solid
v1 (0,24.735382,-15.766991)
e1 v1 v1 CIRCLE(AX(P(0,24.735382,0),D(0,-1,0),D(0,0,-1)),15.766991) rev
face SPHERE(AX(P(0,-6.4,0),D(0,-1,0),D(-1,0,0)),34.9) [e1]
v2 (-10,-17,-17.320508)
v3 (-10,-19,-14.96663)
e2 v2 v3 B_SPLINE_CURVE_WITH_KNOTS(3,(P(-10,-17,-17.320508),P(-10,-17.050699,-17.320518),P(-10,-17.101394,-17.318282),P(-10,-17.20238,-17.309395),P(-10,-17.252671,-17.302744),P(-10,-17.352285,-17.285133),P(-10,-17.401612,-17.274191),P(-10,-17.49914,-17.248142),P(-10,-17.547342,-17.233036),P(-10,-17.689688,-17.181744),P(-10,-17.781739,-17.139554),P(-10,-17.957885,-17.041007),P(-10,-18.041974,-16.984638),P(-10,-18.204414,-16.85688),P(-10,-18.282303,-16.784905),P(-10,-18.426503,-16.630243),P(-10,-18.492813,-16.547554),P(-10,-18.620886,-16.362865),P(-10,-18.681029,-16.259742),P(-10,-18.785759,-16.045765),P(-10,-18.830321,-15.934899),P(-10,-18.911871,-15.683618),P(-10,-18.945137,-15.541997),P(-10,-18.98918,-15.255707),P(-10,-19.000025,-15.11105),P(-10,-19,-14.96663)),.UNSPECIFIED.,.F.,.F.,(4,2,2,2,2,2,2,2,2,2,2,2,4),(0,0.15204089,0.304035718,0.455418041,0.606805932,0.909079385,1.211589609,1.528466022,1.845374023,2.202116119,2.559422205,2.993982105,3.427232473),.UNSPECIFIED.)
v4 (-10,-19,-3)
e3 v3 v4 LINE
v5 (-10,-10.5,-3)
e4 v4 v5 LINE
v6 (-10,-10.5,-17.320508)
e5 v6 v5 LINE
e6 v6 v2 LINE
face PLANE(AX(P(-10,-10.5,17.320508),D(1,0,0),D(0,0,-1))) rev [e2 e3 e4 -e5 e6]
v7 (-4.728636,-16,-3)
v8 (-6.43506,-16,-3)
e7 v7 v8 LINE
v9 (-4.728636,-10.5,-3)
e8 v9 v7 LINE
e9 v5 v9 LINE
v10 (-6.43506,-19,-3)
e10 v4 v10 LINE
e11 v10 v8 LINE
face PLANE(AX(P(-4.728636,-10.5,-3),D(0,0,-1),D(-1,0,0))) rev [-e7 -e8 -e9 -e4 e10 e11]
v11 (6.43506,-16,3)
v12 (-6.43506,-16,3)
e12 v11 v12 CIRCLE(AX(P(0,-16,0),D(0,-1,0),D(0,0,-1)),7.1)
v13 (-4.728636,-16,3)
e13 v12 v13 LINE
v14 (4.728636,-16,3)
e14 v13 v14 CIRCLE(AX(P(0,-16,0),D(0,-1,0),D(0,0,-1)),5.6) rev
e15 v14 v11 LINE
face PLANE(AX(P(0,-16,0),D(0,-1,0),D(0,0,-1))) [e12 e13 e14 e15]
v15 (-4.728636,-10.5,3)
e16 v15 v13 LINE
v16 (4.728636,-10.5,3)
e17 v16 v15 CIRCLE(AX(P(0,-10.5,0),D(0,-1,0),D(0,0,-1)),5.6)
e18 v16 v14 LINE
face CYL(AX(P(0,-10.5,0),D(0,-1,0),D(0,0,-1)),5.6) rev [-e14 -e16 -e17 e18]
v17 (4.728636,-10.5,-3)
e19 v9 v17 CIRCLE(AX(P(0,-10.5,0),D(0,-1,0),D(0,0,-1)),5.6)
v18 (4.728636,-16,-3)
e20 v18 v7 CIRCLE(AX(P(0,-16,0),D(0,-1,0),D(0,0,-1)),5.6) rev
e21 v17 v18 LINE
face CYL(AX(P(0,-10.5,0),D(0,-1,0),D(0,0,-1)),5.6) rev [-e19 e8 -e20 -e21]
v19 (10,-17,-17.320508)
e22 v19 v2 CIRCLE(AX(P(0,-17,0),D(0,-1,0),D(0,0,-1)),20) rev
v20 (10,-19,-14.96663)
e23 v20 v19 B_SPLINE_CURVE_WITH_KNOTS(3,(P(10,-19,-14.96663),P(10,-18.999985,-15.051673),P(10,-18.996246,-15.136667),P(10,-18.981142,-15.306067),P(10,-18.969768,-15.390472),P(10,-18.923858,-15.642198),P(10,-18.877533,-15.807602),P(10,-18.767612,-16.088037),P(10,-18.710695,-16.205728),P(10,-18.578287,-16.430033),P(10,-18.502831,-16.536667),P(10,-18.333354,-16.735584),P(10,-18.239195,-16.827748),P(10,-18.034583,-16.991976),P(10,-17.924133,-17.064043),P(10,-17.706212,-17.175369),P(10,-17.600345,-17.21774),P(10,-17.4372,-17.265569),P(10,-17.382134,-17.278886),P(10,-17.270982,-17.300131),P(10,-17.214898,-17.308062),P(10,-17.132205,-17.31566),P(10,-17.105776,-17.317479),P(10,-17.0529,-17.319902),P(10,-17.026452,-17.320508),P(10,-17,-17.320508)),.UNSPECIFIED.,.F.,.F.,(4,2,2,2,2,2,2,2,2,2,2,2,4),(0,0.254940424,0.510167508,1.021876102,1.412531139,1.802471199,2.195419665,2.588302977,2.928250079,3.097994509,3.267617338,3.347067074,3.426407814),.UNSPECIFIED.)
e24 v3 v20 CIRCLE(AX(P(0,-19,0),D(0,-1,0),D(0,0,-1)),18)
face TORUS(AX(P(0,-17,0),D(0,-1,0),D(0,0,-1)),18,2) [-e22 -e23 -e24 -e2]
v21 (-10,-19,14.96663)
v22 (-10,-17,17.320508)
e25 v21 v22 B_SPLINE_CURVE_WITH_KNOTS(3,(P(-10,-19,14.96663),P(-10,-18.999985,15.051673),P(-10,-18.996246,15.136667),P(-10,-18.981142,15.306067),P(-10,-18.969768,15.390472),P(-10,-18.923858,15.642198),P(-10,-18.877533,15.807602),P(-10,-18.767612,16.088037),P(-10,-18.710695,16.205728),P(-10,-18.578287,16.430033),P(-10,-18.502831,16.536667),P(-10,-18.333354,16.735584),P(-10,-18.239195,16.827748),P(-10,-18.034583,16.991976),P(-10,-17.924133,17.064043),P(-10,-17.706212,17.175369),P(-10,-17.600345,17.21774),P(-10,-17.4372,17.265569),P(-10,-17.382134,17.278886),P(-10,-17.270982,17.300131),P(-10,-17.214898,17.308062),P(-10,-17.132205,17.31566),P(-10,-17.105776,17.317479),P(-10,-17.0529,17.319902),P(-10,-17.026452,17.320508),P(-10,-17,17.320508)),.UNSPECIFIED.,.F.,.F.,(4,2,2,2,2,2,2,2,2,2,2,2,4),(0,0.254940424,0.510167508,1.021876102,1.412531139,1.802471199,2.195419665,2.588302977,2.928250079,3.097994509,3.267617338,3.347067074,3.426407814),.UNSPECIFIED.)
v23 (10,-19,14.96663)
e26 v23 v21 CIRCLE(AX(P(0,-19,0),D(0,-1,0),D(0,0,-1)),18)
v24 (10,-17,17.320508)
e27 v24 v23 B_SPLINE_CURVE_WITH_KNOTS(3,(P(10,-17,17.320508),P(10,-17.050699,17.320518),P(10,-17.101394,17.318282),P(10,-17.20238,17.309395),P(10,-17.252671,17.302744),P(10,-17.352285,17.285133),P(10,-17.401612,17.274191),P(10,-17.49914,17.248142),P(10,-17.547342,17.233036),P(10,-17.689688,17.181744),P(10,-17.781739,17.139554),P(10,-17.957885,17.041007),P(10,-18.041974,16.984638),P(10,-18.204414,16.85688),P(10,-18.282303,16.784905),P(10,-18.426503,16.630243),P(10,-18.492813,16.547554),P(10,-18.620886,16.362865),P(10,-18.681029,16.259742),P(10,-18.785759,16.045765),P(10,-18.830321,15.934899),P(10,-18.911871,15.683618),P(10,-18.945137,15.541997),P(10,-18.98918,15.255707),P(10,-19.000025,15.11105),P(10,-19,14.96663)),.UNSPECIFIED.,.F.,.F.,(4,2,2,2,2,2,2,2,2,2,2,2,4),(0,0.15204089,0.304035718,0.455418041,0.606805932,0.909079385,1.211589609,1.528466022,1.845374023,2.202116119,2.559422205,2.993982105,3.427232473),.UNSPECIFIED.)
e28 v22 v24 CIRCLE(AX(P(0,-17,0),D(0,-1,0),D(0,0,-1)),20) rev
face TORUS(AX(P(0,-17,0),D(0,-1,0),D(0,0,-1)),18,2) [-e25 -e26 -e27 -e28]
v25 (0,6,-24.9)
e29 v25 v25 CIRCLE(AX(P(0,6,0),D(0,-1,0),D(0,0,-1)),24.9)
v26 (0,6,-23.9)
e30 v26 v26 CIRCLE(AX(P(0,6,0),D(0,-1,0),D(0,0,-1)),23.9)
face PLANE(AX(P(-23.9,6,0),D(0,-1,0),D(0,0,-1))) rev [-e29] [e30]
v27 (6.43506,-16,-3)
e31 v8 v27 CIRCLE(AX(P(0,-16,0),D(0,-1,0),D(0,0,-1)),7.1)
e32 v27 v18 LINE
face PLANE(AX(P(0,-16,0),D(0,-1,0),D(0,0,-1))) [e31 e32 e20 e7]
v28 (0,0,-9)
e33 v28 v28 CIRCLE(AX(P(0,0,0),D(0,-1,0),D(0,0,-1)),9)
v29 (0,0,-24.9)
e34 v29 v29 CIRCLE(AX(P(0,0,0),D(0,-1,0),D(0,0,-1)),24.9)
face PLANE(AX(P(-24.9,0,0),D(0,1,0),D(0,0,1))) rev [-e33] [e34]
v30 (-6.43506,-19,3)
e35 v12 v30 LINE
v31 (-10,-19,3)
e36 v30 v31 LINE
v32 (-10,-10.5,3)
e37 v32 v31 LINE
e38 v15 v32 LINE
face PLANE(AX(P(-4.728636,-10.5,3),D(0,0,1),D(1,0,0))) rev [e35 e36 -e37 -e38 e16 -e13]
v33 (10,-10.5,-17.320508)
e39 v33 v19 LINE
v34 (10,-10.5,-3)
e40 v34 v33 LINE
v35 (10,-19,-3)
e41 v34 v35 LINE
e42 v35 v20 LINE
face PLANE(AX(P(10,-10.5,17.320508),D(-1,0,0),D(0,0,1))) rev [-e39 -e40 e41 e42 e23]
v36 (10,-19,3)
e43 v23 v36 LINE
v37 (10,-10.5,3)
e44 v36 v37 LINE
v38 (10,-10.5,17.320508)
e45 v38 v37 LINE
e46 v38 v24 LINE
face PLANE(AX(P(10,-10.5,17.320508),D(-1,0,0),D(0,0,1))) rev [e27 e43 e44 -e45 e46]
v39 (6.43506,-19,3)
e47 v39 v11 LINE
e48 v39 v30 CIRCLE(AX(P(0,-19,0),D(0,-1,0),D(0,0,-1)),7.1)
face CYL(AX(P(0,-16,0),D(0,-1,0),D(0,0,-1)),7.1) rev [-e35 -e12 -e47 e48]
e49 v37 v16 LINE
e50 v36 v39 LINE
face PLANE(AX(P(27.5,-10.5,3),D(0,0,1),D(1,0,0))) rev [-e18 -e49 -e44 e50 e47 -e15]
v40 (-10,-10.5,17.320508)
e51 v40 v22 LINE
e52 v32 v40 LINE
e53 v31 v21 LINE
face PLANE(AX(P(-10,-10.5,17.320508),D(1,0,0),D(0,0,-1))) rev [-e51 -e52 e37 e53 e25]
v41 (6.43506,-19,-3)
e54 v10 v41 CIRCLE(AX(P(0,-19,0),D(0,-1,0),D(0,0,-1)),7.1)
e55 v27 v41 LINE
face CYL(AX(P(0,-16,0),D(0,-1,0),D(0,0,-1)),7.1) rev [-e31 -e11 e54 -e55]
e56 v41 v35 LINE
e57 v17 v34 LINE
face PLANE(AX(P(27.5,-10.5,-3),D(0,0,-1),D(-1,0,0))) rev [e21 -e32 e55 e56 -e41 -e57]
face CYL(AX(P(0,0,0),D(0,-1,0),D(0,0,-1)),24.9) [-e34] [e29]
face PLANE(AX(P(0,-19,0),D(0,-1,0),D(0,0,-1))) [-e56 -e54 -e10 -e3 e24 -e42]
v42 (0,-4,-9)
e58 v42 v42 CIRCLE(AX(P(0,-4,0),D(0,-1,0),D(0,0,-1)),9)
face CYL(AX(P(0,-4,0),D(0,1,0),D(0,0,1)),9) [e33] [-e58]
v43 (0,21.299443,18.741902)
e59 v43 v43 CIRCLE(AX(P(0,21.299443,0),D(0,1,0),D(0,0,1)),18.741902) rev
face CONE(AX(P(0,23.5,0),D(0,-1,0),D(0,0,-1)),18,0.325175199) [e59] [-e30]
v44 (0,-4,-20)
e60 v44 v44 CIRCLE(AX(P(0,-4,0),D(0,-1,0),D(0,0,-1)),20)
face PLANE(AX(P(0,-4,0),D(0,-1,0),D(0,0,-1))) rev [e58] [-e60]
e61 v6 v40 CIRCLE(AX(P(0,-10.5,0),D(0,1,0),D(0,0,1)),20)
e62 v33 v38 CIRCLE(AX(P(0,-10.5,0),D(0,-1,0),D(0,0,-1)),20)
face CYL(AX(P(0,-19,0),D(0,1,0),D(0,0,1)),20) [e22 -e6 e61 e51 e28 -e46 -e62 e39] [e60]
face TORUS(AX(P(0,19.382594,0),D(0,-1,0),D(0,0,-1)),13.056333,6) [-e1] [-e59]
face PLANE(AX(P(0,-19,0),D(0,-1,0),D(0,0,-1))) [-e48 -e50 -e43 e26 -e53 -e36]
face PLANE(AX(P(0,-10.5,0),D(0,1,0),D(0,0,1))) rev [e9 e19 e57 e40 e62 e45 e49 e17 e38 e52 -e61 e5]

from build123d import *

# Parameters (mm, degrees)
FILLET1_R           = 6
SKETCH2_R           = 9
BOSS_EXTRUDE1_DEPTH = 4
SKETCH6_R           = 20
BOSS_EXTRUDE2_DEPTH = 15
SKETCH7_W           = 32.033376833
SKETCH7_H           = 34.641016152
SKETCH7_W_2         = 29.367708721
CUT_EXTRUDE1_DEPTH  = 8.5
CUT_EXTRUDE2_DEPTH  = 8.5
SKETCH10_R          = 7.1
CUT_EXTRUDE3_DEPTH  = 3
FILLET2_R           = 2


with BuildPart() as part:
    # Sketch1 → Revolve1 (revolve)
    with BuildSketch(Plane.XY, mode=Mode.PRIVATE) as revolve1_sk:
        with BuildLine():
            Line((0, 0), (0, 28.5))
            ThreePointArc((0, 28.5), (-9.340770846, 27.226775046), (-18, 23.5))
            Line((-18, 23.5), (-23.9, 6))
            Line((-23.9, 6), (-24.9, 6))
            Line((-24.9, 6), (-24.9, 0))
            Line((-24.9, 0), (0, 0))
        make_face()
    revolve(revolve1_sk.sketch.rotate(Axis((0, 0, 0), (0, 1, 0)), 270), axis=Axis((0, 0, 0), (0, 1, 0)))

    # Fillet1
    fillet1_edges = [part.edges().sort_by_distance(p)[0] for p in [
        (0, 23.5, 18),
    ]]
    fillet(fillet1_edges, radius=FILLET1_R)

    # Sketch2 → Boss-Extrude1 (add)
    with BuildSketch(Plane.XZ):
        with Locations(Location((0, 0, 0), (0, 0, 270))):
            Circle(SKETCH2_R)
    extrude(amount=BOSS_EXTRUDE1_DEPTH)

    # Sketch6 → Boss-Extrude2 (add)
    with BuildSketch(Plane.XZ.offset(4)):
        with Locations(Location((0, 0, 0), (0, 0, 270))):
            Circle(SKETCH6_R)
    extrude(amount=BOSS_EXTRUDE2_DEPTH)

    # Sketch7 → Cut-Extrude1 (cut)
    with BuildSketch(Plane.XZ.offset(19)):
        with Locations((-26.016688417, 0)):
            Rectangle(SKETCH7_W, SKETCH7_H)
        with Locations((24.68385436, 0)):
            Rectangle(SKETCH7_W_2, SKETCH7_H)
    extrude(amount=-CUT_EXTRUDE1_DEPTH, mode=Mode.SUBTRACT)

    # Sketch9 → Cut-Extrude2 (cut)
    with BuildSketch(Plane.XZ.offset(19)):
        with BuildLine():
            Line((-4.728636167, 3), (-27.5, 3))
            Line((-27.5, 3), (-27.5, -3))
            Line((-27.5, -3), (-4.728636167, -3))
            ThreePointArc((-4.728636167, -3), (0, -5.6), (4.728636167, -3))
            Line((4.728636167, -3), (27.5, -3))
            Line((27.5, -3), (27.5, 3))
            Line((27.5, 3), (4.728636167, 3))
            ThreePointArc((4.728636167, 3), (0, 5.6), (-4.728636167, 3))
        make_face()
    extrude(amount=-CUT_EXTRUDE2_DEPTH, mode=Mode.SUBTRACT)

    # Sketch10 → Cut-Extrude3 (cut)
    with BuildSketch(Plane.XZ.offset(19)):
        Circle(SKETCH10_R)
    extrude(amount=-CUT_EXTRUDE3_DEPTH, mode=Mode.SUBTRACT)

    # Fillet2
    fillet2_edges = [part.edges().sort_by_distance(p)[0] for p in [
        (0, -19, 20),
        (5.176380902, -19, -19.318516526),
    ]]
    fillet(fillet2_edges, radius=FILLET2_R)


solid = part.part
